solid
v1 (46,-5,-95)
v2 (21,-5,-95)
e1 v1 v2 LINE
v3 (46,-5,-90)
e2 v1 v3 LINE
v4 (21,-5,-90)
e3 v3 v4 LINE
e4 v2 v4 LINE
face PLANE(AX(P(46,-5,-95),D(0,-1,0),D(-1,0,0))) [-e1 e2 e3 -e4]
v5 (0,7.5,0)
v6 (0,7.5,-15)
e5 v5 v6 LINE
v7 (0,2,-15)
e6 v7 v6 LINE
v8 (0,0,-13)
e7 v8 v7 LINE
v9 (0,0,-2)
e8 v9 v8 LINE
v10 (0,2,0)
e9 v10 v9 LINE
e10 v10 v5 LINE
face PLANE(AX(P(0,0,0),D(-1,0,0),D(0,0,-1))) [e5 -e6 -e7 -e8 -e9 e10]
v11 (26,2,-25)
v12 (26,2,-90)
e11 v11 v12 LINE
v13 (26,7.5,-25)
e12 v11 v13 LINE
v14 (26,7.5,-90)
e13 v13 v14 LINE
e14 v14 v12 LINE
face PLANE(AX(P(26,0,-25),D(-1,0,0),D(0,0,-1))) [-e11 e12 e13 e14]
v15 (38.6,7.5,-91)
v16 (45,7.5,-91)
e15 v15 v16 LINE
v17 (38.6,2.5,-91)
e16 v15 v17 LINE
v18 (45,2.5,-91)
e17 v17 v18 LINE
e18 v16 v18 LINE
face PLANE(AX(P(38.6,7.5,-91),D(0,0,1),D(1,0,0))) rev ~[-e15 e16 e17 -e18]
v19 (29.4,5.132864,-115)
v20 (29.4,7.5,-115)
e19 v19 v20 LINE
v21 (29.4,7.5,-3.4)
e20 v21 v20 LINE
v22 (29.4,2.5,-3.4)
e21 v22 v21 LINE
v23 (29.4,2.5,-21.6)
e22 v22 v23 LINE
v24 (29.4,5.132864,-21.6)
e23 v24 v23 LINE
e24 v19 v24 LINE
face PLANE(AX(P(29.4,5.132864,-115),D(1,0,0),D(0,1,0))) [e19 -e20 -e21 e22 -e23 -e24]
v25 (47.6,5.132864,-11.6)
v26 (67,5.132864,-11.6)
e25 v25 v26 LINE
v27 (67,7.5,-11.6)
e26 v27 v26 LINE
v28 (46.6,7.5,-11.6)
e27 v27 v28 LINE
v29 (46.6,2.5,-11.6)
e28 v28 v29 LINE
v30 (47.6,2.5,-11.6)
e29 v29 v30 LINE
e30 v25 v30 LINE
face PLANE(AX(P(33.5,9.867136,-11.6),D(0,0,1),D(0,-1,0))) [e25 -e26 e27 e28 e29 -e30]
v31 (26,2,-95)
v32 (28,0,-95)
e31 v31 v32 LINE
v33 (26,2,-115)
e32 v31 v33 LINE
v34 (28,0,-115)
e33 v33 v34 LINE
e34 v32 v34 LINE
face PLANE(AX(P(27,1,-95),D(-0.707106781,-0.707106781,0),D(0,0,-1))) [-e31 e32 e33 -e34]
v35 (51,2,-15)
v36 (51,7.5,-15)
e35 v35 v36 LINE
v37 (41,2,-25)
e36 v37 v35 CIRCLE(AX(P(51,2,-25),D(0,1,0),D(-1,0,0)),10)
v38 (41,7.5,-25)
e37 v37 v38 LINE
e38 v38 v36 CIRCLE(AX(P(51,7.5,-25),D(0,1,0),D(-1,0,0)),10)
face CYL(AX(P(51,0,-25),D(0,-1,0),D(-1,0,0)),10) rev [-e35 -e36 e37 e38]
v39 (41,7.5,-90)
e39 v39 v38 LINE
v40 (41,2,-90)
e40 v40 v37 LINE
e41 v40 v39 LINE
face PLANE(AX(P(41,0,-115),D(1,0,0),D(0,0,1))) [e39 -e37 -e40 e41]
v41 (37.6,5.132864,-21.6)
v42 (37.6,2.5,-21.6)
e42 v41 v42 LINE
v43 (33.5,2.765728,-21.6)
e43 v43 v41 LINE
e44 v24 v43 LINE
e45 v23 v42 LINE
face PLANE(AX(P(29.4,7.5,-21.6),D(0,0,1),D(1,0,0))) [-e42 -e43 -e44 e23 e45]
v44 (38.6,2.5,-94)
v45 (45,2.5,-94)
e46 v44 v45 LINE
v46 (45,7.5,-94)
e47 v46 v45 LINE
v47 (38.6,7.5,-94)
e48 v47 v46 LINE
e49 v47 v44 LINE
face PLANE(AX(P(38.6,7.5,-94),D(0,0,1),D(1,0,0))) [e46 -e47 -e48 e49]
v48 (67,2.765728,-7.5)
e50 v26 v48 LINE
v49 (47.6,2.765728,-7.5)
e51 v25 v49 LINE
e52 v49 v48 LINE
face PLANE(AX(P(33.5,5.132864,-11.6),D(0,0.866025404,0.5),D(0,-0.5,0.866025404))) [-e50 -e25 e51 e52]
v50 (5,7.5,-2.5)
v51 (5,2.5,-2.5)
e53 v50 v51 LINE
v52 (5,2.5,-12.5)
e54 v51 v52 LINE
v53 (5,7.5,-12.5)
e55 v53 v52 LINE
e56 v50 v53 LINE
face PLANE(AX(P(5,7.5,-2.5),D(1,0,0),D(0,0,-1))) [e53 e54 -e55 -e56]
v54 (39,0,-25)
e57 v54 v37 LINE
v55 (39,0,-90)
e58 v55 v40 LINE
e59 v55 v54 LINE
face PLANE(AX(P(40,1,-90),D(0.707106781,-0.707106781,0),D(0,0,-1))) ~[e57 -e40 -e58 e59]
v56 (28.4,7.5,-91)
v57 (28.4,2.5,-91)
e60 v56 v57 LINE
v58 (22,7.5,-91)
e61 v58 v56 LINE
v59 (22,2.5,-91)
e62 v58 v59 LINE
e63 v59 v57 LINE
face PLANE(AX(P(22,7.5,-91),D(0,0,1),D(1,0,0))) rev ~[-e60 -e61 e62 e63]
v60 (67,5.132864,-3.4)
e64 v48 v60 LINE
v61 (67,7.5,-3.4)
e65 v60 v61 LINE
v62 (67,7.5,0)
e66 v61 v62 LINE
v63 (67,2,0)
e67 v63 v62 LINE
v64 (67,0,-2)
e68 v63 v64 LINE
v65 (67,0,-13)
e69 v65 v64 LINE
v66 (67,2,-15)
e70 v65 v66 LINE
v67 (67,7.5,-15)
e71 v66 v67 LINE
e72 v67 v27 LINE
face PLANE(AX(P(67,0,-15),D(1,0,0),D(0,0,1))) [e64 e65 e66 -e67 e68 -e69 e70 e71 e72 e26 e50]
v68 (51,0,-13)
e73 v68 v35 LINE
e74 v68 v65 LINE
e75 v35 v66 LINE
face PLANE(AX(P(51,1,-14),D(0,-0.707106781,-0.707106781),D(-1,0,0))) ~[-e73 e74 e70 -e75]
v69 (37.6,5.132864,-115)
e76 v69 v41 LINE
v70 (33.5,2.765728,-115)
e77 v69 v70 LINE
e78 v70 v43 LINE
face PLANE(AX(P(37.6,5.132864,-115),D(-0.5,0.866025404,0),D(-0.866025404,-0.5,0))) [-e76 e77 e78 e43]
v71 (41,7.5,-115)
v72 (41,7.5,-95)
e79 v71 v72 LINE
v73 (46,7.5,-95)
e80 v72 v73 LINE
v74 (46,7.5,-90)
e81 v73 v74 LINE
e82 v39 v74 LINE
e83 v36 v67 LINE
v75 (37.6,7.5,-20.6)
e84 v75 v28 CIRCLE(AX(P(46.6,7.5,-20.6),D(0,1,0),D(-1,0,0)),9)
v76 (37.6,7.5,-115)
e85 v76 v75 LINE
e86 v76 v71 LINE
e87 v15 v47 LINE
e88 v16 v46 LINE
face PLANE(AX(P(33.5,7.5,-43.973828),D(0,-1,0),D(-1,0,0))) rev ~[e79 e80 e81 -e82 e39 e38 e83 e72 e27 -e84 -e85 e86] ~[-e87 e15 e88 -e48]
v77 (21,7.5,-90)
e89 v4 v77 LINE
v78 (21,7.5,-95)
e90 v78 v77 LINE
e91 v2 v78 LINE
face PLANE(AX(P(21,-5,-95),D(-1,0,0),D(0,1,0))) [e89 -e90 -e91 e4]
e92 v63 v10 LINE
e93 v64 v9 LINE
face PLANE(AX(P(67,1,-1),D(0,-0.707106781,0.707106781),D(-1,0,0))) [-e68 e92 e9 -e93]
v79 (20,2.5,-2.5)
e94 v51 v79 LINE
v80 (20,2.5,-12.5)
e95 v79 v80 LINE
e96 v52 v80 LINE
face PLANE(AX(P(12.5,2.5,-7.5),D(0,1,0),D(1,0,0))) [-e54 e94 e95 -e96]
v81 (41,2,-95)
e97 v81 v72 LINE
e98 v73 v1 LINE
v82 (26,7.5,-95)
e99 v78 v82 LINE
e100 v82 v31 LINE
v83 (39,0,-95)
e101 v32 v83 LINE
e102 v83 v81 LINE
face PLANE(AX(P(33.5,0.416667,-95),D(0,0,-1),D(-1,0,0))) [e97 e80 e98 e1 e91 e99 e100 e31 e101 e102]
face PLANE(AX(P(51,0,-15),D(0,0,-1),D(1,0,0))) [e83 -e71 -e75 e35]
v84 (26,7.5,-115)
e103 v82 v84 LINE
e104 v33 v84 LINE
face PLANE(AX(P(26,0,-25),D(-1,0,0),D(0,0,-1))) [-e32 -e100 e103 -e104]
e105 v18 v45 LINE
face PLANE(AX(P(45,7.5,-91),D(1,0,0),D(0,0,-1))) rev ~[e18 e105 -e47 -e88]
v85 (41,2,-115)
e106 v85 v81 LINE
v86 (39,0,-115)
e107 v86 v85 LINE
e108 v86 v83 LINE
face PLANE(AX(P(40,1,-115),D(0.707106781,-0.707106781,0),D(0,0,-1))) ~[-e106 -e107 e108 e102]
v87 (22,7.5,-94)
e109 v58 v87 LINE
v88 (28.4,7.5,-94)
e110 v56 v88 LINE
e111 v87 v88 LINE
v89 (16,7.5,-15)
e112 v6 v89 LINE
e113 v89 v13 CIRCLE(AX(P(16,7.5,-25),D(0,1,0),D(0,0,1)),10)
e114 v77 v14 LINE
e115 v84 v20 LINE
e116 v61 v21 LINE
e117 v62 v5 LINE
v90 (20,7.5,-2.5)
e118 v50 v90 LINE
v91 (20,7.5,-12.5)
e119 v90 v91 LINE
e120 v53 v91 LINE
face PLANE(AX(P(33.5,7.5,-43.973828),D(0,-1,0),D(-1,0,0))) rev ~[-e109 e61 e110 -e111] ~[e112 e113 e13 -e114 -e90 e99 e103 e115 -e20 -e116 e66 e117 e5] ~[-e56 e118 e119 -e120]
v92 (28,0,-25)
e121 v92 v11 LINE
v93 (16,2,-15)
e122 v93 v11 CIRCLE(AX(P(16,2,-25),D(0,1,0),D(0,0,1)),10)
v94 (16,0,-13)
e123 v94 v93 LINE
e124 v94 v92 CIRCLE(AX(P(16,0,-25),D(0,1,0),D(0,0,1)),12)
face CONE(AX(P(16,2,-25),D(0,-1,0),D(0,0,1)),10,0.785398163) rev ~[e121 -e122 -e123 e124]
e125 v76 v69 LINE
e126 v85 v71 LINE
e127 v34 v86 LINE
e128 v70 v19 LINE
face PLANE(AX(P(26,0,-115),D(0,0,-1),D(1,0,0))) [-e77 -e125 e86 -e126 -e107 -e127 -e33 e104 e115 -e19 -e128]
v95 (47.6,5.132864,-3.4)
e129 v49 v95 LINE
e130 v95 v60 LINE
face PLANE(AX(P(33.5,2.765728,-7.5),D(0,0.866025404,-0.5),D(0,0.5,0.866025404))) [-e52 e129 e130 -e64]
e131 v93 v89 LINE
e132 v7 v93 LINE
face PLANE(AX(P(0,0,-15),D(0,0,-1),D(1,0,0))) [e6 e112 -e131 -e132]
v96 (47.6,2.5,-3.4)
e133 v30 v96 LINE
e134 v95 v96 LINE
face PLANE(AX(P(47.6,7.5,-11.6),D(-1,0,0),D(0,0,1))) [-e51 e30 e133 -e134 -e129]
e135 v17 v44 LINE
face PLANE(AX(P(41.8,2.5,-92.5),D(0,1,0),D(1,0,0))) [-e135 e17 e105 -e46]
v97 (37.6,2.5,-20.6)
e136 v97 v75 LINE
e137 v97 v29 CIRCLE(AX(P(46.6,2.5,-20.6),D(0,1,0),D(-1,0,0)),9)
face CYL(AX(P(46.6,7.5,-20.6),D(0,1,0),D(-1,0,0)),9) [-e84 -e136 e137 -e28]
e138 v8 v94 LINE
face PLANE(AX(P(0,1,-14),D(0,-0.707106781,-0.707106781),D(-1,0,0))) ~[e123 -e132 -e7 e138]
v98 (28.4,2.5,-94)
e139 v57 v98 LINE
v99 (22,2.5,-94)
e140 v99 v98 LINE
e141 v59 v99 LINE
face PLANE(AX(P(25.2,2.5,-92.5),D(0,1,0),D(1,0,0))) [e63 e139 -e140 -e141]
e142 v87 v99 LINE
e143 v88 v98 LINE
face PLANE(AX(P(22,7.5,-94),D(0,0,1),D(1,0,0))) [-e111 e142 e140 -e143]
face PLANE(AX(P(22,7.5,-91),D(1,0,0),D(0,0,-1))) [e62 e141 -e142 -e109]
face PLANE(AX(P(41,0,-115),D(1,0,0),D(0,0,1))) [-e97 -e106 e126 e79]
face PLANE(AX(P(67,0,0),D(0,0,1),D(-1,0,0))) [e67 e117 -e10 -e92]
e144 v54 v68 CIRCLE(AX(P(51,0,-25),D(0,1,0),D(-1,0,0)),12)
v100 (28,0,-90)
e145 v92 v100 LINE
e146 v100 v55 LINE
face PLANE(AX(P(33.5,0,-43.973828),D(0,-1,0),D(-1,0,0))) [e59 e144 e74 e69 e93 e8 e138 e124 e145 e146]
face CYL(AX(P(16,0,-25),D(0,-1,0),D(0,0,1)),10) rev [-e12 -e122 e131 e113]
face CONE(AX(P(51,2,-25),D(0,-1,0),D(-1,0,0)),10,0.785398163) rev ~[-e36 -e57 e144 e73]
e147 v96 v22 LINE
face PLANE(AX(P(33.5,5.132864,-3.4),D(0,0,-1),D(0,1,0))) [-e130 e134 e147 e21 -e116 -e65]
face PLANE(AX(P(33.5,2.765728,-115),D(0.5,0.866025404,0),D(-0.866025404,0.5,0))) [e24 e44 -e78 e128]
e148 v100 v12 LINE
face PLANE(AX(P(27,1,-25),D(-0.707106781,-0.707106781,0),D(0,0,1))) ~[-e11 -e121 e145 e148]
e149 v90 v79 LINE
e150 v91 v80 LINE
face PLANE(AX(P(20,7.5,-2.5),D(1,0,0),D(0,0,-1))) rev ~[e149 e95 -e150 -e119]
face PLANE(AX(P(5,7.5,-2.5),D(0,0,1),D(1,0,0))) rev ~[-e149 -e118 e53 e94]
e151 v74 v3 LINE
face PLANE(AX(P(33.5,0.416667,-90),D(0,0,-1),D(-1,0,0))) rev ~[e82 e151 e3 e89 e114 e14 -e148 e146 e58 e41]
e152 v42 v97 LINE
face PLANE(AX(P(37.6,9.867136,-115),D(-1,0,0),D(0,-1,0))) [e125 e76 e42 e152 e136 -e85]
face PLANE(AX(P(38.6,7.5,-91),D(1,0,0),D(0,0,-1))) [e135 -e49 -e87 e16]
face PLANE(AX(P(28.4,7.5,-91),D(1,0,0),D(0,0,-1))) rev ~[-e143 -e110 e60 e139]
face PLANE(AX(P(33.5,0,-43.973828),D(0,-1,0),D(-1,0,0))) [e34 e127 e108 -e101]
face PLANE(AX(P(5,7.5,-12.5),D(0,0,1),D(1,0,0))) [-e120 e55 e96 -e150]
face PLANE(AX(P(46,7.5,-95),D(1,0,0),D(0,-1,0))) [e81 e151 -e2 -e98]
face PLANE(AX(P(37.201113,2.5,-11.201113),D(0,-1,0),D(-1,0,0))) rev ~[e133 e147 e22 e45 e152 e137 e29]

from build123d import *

# Parameters (mm, degrees)
BOSS_EXTRUDE1_DEPTH = 7.5
CUT_EXTRUDE6_DEPTH  = 5
BOSS_EXTRUDE2_START = -20
BOSS_EXTRUDE2_DEPTH = 5
CHAMFER1_SIZE       = 2
SKETCH11_W          = 15
SKETCH11_H          = 10
SKETCH11_W_2        = 6.4
SKETCH11_H_2        = 3
CUT_EXTRUDE7_DEPTH  = 5


with BuildPart() as part:
    # Sketch1 → Boss-Extrude1 (new body)
    with BuildSketch(Plane(origin=(0, 0, 0), x_dir=(1, 0, 0), z_dir=(0, 1, 0))):
        with BuildLine():
            Line((0, 0), (0, 15))
            Line((0, 15), (16, 15))
            ThreePointArc((16, 15), (23.071067812, 17.928932188), (26, 25))
            Line((26, 25), (26, 115))
            Line((26, 115), (41, 115))
            Line((41, 115), (41, 25))
            ThreePointArc((41, 25), (43.928932188, 17.928932188), (51, 15))
            Line((51, 15), (67, 15))
            Line((67, 15), (67, 0))
            Line((67, 0), (0, 0))
        make_face()
    extrude(amount=BOSS_EXTRUDE1_DEPTH)

    # Cut-Sweep1: sweep along a path in Sketch2
    with BuildLine(Plane(origin=(0, 7.5, 0), x_dir=(1, 0, 0), z_dir=(0, 1, 0))) as cut_sweep1_path:
        Line((33.5, 115), (33.5, 7.5))
        Line((33.5, 7.5), (67, 7.5))
    # Sketch3 → Cut-Sweep1 (sweep, cut)
    with BuildSketch(Plane(origin=(0, 0, -115), x_dir=(-1, 0, 0), z_dir=(0, 0, -1))):
        Polygon((-37.6, 5.132863896), (-33.5, 2.765727793), (-29.4, 5.132863896), (-29.4, 9.867136104), (-33.5, 12.234272207), (-37.6, 9.867136104), align=None)
    sweep(path=cut_sweep1_path.line, transition=Transition.RIGHT, mode=Mode.SUBTRACT)

    # Sketch7 → Cut-Extrude6 (cut)
    with BuildSketch(Plane(origin=(0, 7.5, 0), x_dir=(1, 0, 0), z_dir=(0, 1, 0))):
        with BuildLine():
            Line((47.6, 11.6), (47.6, 3.4))
            Line((47.6, 3.4), (29.4, 3.4))
            Line((29.4, 3.4), (29.4, 21.6))
            Line((29.4, 21.6), (37.6, 21.6))
            Line((37.6, 21.6), (37.6, 20.6))
            ThreePointArc((37.6, 20.6), (40.236038969, 14.236038969), (46.6, 11.6))
            Line((46.6, 11.6), (47.6, 11.6))
        make_face()
    extrude(amount=-CUT_EXTRUDE6_DEPTH, mode=Mode.SUBTRACT)

    # Sketch10 → Boss-Extrude2 (add)
    with BuildSketch(Plane(origin=(0, 0, -115), x_dir=(-1, 0, 0), z_dir=(0, 0, -1)).offset(BOSS_EXTRUDE2_START)):
        Polygon((-41, 7.5), (-46, 7.5), (-46, -5), (-21, -5), (-21, 7.5), (-26, 7.5), (-26, 0), (-41, 0), align=None)
    extrude(amount=-BOSS_EXTRUDE2_DEPTH)

    # Chamfer1
    chamfer1_edges = [part.edges().sort_by_distance(p)[0] for p in [
        (26, 0, -57.5),
        (41, 0, -105),
        (33.5, 0, 0),
        (8, 0, -15),
        (23.071067812, 0, -17.928932188),
        (26, 0, -105),
        (41, 0, -57.5),
        (43.928932188, 0, -17.928932188),
        (59, 0, -15),
    ]]
    chamfer(chamfer1_edges, length=CHAMFER1_SIZE)

    # Sketch11 → Cut-Extrude7 (cut)
    with BuildSketch(Plane(origin=(0, 7.5, 0), x_dir=(1, 0, 0), z_dir=(0, 1, 0))):
        with Locations((12.5, 7.5)):
            Rectangle(SKETCH11_W, SKETCH11_H)
        with Locations((25.2, 92.5)):
            Rectangle(SKETCH11_W_2, SKETCH11_H_2)
        with Locations((41.8, 92.5)):
            Rectangle(SKETCH11_W_2, SKETCH11_H_2)
    extrude(amount=-CUT_EXTRUDE7_DEPTH, mode=Mode.SUBTRACT)


solid = part.part
